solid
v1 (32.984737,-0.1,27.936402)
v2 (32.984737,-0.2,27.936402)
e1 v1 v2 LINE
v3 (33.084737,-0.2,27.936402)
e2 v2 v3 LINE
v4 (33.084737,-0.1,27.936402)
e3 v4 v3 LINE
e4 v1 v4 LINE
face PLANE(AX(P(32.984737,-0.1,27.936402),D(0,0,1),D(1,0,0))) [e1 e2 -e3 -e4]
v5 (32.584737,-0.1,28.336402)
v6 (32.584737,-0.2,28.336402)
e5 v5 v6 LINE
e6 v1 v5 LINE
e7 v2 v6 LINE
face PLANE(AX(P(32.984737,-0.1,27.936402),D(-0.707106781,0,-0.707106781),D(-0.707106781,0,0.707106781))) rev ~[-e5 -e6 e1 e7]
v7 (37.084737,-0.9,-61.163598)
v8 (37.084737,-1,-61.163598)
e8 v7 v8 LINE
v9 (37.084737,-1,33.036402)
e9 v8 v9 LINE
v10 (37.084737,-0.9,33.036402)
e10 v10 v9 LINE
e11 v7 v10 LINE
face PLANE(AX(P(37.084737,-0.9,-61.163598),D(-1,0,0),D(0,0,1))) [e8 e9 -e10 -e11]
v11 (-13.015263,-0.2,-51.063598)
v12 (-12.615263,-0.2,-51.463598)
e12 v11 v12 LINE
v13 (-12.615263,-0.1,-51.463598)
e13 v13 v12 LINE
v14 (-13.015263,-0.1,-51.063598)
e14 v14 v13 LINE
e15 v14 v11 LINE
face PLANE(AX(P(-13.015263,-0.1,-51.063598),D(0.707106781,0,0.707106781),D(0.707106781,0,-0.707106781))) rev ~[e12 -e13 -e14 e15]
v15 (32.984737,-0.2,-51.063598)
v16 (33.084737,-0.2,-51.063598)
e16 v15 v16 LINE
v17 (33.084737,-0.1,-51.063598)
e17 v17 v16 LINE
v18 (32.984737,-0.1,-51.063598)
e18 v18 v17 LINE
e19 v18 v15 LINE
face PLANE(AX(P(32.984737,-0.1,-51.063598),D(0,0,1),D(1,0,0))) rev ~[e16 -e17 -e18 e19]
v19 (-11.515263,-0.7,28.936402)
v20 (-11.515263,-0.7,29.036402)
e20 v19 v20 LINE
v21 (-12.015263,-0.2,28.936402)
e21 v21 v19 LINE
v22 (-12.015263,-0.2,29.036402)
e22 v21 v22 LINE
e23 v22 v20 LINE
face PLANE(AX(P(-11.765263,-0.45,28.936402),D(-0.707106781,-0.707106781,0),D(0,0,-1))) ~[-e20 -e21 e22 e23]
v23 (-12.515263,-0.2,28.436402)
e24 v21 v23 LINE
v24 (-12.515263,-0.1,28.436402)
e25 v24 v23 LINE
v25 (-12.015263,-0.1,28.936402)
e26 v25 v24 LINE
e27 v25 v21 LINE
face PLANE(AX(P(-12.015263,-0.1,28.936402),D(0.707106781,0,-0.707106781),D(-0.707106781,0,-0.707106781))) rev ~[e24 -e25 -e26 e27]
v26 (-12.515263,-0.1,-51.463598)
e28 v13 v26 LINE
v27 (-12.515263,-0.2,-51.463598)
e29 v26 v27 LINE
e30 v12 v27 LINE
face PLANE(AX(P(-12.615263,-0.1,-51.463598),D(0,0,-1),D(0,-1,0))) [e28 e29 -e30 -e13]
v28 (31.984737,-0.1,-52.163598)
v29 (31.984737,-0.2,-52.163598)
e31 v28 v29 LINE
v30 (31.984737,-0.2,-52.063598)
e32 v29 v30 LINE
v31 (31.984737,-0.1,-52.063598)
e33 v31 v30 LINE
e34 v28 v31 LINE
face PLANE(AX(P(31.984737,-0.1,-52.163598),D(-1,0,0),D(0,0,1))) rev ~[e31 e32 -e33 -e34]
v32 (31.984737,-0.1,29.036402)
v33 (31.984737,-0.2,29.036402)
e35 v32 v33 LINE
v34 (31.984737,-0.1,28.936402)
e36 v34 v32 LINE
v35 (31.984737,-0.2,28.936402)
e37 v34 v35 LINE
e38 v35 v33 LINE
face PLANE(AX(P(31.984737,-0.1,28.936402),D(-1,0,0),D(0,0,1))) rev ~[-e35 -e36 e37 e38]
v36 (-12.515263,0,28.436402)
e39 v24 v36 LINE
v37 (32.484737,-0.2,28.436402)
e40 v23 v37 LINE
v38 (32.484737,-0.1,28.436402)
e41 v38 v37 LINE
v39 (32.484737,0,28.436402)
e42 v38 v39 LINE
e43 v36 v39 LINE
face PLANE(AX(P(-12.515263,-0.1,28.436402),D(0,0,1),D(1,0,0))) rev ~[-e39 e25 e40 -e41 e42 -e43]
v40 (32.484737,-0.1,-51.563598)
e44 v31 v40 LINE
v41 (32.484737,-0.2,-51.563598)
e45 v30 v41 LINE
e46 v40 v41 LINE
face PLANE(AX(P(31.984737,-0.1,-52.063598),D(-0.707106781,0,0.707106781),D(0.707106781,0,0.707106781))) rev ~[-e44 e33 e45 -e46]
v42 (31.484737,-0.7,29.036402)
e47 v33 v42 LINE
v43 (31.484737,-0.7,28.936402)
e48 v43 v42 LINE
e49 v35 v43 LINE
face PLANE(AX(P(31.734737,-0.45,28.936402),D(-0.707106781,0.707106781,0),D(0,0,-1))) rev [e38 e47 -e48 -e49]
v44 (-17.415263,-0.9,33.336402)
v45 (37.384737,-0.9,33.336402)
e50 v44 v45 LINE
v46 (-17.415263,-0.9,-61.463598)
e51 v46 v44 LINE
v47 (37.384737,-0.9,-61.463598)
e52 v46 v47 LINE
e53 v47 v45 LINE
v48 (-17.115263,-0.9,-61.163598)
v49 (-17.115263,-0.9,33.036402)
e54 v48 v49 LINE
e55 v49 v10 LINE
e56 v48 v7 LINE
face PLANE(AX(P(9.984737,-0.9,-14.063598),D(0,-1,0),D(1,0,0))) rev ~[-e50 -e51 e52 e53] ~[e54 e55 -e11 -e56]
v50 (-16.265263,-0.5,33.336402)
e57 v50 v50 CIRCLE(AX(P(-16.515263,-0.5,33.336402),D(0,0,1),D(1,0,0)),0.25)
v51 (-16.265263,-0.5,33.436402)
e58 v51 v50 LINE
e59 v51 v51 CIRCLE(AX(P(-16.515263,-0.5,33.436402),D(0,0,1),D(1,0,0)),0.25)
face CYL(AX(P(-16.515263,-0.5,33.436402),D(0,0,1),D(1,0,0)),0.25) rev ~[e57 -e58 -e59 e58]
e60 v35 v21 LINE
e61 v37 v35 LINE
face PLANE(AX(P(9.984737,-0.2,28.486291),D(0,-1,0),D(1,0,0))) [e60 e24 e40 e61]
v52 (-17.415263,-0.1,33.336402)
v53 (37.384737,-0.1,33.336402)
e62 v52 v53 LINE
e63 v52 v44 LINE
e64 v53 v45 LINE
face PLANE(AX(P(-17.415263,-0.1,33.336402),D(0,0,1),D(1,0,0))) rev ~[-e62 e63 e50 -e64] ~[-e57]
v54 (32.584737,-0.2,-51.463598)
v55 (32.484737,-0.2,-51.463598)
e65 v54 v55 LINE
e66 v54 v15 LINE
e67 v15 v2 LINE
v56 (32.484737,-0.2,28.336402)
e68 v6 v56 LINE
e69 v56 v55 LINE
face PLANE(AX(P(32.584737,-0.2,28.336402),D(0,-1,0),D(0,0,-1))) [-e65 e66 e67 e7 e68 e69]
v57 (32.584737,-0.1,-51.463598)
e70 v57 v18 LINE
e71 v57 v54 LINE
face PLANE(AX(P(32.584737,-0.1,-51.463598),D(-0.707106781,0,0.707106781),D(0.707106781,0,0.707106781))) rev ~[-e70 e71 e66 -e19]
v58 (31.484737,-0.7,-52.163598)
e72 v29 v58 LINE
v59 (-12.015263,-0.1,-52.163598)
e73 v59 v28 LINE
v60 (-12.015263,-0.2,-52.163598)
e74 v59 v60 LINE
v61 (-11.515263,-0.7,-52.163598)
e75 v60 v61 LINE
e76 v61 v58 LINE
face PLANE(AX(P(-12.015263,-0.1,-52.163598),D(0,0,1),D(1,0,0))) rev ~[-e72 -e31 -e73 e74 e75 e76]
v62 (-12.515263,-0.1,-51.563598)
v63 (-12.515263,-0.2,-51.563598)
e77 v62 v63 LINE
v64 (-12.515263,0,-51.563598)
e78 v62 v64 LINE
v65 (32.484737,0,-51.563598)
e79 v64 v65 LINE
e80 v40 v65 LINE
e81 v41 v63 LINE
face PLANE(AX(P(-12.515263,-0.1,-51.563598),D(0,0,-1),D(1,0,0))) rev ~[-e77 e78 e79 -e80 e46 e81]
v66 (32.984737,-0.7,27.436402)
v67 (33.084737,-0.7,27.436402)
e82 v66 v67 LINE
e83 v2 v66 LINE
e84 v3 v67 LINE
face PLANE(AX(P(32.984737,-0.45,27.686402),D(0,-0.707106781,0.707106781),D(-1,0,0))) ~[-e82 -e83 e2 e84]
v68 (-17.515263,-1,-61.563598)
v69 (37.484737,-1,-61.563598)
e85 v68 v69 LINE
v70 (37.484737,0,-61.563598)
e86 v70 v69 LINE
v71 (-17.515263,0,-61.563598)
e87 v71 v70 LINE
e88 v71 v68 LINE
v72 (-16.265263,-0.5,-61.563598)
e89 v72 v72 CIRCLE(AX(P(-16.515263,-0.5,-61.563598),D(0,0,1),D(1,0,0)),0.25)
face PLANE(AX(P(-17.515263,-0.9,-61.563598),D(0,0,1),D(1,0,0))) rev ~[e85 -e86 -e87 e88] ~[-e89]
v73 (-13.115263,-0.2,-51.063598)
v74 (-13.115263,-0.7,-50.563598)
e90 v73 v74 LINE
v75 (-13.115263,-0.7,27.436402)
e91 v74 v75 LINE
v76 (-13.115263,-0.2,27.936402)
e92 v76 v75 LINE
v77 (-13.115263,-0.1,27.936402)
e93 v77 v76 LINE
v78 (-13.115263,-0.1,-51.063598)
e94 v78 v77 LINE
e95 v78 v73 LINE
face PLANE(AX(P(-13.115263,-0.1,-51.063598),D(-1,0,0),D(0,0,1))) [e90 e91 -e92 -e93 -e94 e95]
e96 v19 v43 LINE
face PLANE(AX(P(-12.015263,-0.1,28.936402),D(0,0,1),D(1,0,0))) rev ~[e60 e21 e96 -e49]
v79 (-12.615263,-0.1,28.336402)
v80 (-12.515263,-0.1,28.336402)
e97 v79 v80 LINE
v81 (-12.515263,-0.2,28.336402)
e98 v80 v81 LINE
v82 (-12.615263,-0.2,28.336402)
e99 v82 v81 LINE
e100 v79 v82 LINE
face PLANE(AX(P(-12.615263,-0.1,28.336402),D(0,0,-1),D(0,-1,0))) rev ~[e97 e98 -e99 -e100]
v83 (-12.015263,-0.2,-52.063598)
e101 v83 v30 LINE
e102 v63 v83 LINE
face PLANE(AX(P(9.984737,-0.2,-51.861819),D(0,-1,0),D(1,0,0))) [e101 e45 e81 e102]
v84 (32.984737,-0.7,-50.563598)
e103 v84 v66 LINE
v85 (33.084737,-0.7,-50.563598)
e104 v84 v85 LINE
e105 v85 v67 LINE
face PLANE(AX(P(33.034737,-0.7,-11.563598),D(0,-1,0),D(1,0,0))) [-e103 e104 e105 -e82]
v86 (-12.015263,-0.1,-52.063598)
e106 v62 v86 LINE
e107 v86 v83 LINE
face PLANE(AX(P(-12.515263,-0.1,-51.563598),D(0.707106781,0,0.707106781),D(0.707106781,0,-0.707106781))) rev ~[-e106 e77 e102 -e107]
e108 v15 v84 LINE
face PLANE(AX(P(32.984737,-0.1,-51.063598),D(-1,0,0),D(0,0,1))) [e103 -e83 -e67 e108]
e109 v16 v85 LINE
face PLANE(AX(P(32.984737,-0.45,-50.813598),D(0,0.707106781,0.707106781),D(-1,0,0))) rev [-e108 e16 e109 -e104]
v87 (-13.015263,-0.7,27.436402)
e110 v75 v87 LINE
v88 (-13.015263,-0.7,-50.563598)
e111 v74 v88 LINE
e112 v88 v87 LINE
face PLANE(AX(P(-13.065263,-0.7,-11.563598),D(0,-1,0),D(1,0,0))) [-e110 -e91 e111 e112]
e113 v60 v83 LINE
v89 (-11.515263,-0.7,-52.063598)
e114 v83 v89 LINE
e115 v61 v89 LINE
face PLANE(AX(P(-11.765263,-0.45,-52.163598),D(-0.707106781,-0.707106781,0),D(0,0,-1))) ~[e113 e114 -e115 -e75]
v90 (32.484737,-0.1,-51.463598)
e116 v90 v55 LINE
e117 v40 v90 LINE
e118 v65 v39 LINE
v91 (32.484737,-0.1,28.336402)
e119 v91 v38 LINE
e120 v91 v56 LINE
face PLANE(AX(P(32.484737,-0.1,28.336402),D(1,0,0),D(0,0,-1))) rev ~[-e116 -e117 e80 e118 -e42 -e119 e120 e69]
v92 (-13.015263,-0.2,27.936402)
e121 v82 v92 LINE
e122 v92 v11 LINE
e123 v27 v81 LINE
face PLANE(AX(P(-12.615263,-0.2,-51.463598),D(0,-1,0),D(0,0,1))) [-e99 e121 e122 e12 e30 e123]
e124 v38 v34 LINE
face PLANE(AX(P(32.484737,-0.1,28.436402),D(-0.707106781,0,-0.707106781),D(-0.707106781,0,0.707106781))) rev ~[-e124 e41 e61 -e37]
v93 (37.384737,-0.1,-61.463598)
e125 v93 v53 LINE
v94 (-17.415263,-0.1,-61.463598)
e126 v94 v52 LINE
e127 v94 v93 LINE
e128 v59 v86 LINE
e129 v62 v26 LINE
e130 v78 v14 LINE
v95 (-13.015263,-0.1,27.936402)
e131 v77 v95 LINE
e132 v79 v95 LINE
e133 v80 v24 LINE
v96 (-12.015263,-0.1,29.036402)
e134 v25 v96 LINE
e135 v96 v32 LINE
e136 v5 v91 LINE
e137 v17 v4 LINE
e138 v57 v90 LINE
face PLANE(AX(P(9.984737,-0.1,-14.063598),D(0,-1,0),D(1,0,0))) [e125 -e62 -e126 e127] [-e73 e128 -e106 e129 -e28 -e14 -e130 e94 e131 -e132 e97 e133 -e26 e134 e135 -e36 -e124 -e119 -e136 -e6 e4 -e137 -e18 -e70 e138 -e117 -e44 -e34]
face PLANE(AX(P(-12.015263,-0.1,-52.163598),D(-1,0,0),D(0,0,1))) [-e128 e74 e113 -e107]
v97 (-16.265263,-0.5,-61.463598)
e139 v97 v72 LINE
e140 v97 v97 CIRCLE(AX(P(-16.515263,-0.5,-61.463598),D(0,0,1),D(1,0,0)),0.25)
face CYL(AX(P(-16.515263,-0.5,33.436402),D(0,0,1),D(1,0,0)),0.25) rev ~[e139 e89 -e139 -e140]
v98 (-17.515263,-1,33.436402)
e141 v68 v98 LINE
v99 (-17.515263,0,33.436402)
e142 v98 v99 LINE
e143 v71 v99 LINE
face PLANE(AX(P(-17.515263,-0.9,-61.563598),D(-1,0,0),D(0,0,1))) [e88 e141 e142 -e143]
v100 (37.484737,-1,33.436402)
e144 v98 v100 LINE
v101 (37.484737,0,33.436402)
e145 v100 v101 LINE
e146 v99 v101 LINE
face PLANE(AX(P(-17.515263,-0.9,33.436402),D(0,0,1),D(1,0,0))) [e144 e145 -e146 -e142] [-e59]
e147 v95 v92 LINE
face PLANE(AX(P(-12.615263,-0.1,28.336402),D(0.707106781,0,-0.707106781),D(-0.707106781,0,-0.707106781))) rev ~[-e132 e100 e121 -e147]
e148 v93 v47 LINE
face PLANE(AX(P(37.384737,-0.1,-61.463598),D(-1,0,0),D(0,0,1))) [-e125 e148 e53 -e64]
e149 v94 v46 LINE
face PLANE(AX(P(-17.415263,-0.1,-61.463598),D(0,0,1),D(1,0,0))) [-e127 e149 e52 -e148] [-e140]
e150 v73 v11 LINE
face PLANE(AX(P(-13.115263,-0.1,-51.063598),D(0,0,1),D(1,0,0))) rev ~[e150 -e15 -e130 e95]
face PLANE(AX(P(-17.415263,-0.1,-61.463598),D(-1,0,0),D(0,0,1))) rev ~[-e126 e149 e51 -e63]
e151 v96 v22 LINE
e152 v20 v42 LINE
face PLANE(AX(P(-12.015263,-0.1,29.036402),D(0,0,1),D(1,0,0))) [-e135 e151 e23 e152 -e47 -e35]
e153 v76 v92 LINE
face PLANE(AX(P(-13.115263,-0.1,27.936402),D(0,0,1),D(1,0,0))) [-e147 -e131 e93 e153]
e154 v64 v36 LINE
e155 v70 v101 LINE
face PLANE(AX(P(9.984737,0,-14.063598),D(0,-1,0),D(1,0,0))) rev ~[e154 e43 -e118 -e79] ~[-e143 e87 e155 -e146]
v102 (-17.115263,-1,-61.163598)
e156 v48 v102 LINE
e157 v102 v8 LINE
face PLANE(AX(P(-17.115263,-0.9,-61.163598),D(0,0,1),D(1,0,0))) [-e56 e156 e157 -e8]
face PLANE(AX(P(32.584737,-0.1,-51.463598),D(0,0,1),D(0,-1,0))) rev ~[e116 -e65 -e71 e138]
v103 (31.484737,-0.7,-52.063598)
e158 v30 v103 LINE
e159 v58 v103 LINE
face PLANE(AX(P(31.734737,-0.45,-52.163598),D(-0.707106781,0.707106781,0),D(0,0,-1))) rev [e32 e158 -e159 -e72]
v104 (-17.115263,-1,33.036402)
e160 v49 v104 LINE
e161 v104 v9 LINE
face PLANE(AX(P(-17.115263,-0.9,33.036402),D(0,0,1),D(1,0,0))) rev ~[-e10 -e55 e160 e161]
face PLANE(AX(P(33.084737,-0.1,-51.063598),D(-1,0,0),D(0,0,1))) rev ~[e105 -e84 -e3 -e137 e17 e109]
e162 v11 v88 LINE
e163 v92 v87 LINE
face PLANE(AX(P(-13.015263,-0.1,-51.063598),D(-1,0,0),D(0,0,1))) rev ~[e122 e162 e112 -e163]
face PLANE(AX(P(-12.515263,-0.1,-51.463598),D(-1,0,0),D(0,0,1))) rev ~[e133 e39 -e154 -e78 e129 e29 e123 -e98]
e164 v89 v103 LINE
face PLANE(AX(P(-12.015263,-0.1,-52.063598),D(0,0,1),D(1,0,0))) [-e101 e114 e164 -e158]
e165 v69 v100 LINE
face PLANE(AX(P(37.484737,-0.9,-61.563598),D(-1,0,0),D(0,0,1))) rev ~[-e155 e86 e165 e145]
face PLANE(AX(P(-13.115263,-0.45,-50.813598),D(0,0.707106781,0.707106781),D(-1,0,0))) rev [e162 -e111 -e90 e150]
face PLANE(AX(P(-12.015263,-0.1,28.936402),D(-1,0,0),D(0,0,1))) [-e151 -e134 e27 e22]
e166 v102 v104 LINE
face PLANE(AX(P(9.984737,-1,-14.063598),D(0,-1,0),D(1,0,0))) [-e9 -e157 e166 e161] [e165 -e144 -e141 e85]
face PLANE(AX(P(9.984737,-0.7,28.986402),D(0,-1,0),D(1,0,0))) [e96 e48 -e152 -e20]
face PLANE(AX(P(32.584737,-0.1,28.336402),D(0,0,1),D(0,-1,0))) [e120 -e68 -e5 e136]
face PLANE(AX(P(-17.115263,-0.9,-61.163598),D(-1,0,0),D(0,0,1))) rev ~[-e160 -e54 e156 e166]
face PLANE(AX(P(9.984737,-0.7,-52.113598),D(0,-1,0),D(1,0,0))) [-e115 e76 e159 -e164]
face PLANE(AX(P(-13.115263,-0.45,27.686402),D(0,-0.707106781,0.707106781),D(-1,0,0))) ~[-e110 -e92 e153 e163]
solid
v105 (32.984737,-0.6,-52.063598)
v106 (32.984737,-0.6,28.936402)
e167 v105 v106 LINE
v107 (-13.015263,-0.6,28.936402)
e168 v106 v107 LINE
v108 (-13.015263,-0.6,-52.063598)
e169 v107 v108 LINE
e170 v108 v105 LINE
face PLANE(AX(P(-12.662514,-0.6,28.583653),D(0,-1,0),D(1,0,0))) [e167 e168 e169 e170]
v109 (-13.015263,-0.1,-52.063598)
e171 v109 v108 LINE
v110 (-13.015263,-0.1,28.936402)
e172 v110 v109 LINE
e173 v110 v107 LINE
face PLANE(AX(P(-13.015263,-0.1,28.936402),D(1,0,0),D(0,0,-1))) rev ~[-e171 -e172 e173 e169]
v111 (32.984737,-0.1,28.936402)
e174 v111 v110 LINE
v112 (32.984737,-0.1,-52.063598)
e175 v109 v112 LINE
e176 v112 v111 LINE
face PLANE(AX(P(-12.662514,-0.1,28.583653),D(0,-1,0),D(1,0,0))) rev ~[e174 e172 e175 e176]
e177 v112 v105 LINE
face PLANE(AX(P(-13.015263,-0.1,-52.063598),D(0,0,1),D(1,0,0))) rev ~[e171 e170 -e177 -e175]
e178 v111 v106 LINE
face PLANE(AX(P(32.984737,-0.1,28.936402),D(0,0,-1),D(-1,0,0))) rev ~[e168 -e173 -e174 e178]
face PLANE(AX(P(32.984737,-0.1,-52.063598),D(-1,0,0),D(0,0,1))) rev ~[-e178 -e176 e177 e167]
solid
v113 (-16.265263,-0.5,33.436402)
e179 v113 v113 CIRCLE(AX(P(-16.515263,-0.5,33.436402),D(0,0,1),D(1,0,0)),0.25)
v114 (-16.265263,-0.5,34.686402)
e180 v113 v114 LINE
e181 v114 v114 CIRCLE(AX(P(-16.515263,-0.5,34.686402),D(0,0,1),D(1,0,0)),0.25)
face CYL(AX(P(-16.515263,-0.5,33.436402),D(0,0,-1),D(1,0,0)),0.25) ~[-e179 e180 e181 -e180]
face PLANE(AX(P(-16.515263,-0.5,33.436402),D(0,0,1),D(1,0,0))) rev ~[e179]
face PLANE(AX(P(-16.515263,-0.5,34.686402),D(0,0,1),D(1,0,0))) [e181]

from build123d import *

# Parameters (mm, degrees)
F0_W      = 57
F0_H      = 97
F1_DEPTH  = 0.1
F2_R      = 0.25
F2_W      = 0.7
F2_H      = 0.7
F2_W_2    = 42.3999996498
F2_H_2    = 77.4
F3_DEPTH  = 25
F2_W_3    = 55
F2_H_3    = 95
F2_W_4    = 54.8
F2_H_4    = 94.8
F4_DEPTH  = 0.8
F5_R      = 0.25
F6_DEPTH  = 100
F7_DEPTH  = 25
F8_W      = 55
F8_H      = 95
F8_W_2    = 54.8
F8_H_2    = 94.8
F8_W_3    = 54.2
F8_H_3    = 94.2
F9_DEPTH  = 0.1
F10_W     = 44.9999996498
F10_H     = 80
F10_W_2   = 42.3999996498
F10_H_2   = 77.4
F11_DEPTH = 25
F10_W_3   = 43.9999996498
F10_H_3   = 0.1
F10_W_4   = 0.1
F10_H_4   = 79
F14_DEPTH = 0.6
F15_DEPTH = 0.1
F16_DEPTH = 0.1
F17_DEPTH = 0.1
F18_SIZE  = 0.5
F19_DEPTH = 0.5
F20_DEPTH = 1.25


with BuildPart() as f1:
    # F0 (on Front) → F1 (new body)
    with BuildSketch(Plane.XZ):
        with Locations((9.9847369492, -14.063598156)):
            Rectangle(F0_W, F0_H)
    extrude(amount=F1_DEPTH)

    # F2 (on face) → F3 (cut)
    with BuildSketch(Plane.XZ.offset(0.1)):
        with Locations((-16.5152630508, 33.786401844)):
            Circle(F2_R)
        with Locations((-16.5152630508, -61.913598156)):
            Circle(F2_R)
        with Locations((-17.8652630508, -61.913598156)):
            Rectangle(F2_W, F2_H)
        Polygon((-18.2152630508, -62.263598156), (-18.2152630508, -61.563598156), (-18.5152630508, -61.563598156), (-18.5152630508, -62.563598156), (-17.5152630508, -62.563598156), (-17.5152630508, -62.263598156), align=None)
        Polygon((-18.2152630508, 33.436401844), (-18.2152630508, 34.136401844), (-17.5152630508, 34.136401844), (-17.5152630508, 34.436401844), (-18.5152630508, 34.436401844), (-18.5152630508, 33.436401844), align=None)
        with Locations((-17.8652630508, 33.786401844)):
            Rectangle(F2_W, F2_H)
        Polygon((37.4847369492, 34.436401844), (37.4847369492, 34.136401844), (38.1847369492, 34.136401844), (38.1847369492, 33.436401844), (38.4847369492, 33.436401844), (38.4847369492, 34.436401844), align=None)
        with Locations((37.8347369492, 33.786401844)):
            Rectangle(F2_W, F2_H)
        Polygon((38.4847369492, -61.563598156), (38.1847369492, -61.563598156), (38.1847369492, -62.263598156), (37.4847369492, -62.263598156), (37.4847369492, -62.563598156), (38.4847369492, -62.563598156), align=None)
        with Locations((37.8347369492, -61.913598156)):
            Rectangle(F2_W, F2_H)
        with Locations((9.9847371243, -11.563598156)):
            Rectangle(F2_W_2, F2_H_2)
    extrude(amount=-F3_DEPTH, mode=Mode.SUBTRACT)

    # F2 (on face) → F4 (join)
    with BuildSketch(Plane.XZ.offset(0.1)):
        with Locations((9.9847369492, -14.063598156)):
            Rectangle(F2_W_3, F2_H_3)
        with Locations((9.9847369492, -14.063598156)):
            Rectangle(F2_W_4, F2_H_4, mode=Mode.SUBTRACT)
    extrude(amount=F4_DEPTH)

    # F5 (on face) → F6 (cut)
    with BuildSketch(Plane.XY.offset(33.436401844)):
        with Locations((-16.5152630508, -0.5)):
            Circle(F5_R)
    extrude(amount=-F6_DEPTH, mode=Mode.SUBTRACT)

    # F7 (cut): faces of the model
    f7_faces = [f1.faces().sort_by_distance(p)[0] for p in [
        (-18.0152630508, -0.1, -14.063598156),
        (10.0796806763, -0.1, 33.9369392613),
        (37.9847369492, -0.1, -14.063598156),
        (10.0796806763, -0.1, -62.0641355733),
    ]]
    extrude(f7_faces, amount=-F7_DEPTH, mode=Mode.SUBTRACT)

    # F8 (on face) → F9 (join)
    with BuildSketch(Plane.XZ.offset(0.9)):
        with Locations((9.9847369492, -14.063598156)):
            Rectangle(F8_W, F8_H)
        with Locations((9.9847369492, -14.063598156)):
            Rectangle(F8_W_2, F8_H_2, mode=Mode.SUBTRACT)
        with Locations((9.9847369492, -14.063598156)):
            Rectangle(F8_W_2, F8_H_2)
        with Locations((9.9847369492, -14.063598156)):
            Rectangle(F8_W_3, F8_H_3, mode=Mode.SUBTRACT)
    extrude(amount=F9_DEPTH)

    # F10 (on face) → F11 (cut)
    with BuildSketch(Plane.XZ.offset(0.1)):
        with Locations((9.9847371243, -11.563598156)):
            Rectangle(F10_W, F10_H)
        with Locations((9.9847371243, -11.563598156)):
            Rectangle(F10_W_2, F10_H_2, mode=Mode.SUBTRACT)
    extrude(amount=-F11_DEPTH, mode=Mode.SUBTRACT)

    # F10 (on face) → F14 (join)
    with BuildSketch(Plane.XZ.offset(0.1)):
        with Locations((9.9847371243, -52.113598156)):
            Rectangle(F10_W_3, F10_H_3)
        with Locations((33.0347369492, -11.563598156)):
            Rectangle(F10_W_4, F10_H_4)
        with Locations((-13.0652627006, -11.563598156)):
            Rectangle(F10_W_4, F10_H_4)
        with Locations((9.9847371243, 28.986401844)):
            Rectangle(F10_W_3, F10_H_3)
    extrude(amount=F14_DEPTH)

    # F10 (on face) → F15 (join)
    with BuildSketch(Plane.XZ.offset(0.1)):
        Polygon((-12.4152627006, 28.536401844), (-12.5152627006, 28.436401844), (32.4847369492, 28.436401844), (32.3847369492, 28.536401844), align=None)
        Polygon((-12.0152627006, 28.936401844), (-12.4152627006, 28.536401844), (32.3847369492, 28.536401844), (31.9847369492, 28.936401844), align=None)
        Polygon((32.9847369492, 27.936401844), (32.5847369492, 28.336401844), (32.5847369492, -51.463598156), (32.9847369492, -51.063598156), align=None)
        Polygon((-12.6152627006, -51.463598156), (-12.6152627006, 28.336401844), (-13.0152627006, 27.936401844), (-13.0152627006, -51.063598156), align=None)
        Polygon((32.3847369492, -51.663598156), (-12.4152627006, -51.663598156), (-12.0152627006, -52.063598156), (31.9847369492, -52.063598156), align=None)
        Polygon((32.4847369492, -51.563598156), (-12.5152627006, -51.563598156), (-12.4152627006, -51.663598156), (32.3847369492, -51.663598156), align=None)
    extrude(amount=F15_DEPTH)

    # F16 (add): a face of the model
    f16_faces = [f1.faces().sort_by_distance(p)[0] for p in [
        (-12.6152627006, -0.15, -11.563598156),
    ]]
    extrude(f16_faces, amount=F16_DEPTH)

    # F17 (add): a face of the model
    f17_faces = [f1.faces().sort_by_distance(p)[0] for p in [
        (32.5847369492, -0.15, -11.563598156),
    ]]
    extrude(f17_faces, amount=F17_DEPTH)

    # F18
    f18_edges = [f1.edges().sort_by_distance(p)[0] for p in [
        (33.034737, -0.7, -51.063598),
        (31.984737, -0.7, -52.113598),
        (-13.065263, -0.7, -51.063598),
        (-12.015263, -0.7, -52.113598),
        (-12.015263, -0.7, 28.986402),
        (-13.065263, -0.7, 27.936402),
        (31.984737, -0.7, 28.986402),
        (33.034737, -0.7, 27.936402),
    ]]
    chamfer(f18_edges, length=F18_SIZE)


with BuildPart() as f19:
    # F10 (on face) → F19 (new body)
    with BuildSketch(Plane.XZ.offset(0.1)):
        Polygon((-12.6152627006, 28.536401844), (-12.4152627006, 28.536401844), (-12.0152627006, 28.936401844), (-13.0152627006, 28.936401844), (-13.0152627006, 27.936401844), (-12.6152627006, 28.336401844), align=None)
        Polygon((-12.6152627006, 28.336401844), (-12.5152627006, 28.436401844), (-12.4152627006, 28.536401844), (-12.6152627006, 28.536401844), align=None)
        Polygon((-12.0152627006, 28.936401844), (-12.4152627006, 28.536401844), (32.3847369492, 28.536401844), (31.9847369492, 28.936401844), align=None)
        Polygon((-12.6152627006, -51.463598156), (-12.6152627006, 28.336401844), (-13.0152627006, 27.936401844), (-13.0152627006, -51.063598156), align=None)
        Polygon((-12.4152627006, 28.536401844), (-12.5152627006, 28.436401844), (32.4847369492, 28.436401844), (32.3847369492, 28.536401844), align=None)
        Polygon((-12.5152627006, -51.563598156), (-12.5152627006, 28.436401844), (-12.6152627006, 28.336401844), (-12.6152627006, -51.463598156), align=None)
        with Locations((9.9847371243, -11.563598156)):
            Rectangle(F10_W, F10_H)
        with Locations((9.9847371243, -11.563598156)):
            Rectangle(F10_W_2, F10_H_2, mode=Mode.SUBTRACT)
        with Locations((9.9847371243, -11.563598156)):
            Rectangle(F10_W_2, F10_H_2)
        Polygon((31.9847369492, 28.936401844), (32.3847369492, 28.536401844), (32.5847369492, 28.536401844), (32.5847369492, 28.336401844), (32.9847369492, 27.936401844), (32.9847369492, 28.936401844), align=None)
        Polygon((32.3847369492, 28.536401844), (32.4847369492, 28.436401844), (32.5847369492, 28.336401844), (32.5847369492, 28.536401844), align=None)
        Polygon((32.5847369492, 28.336401844), (32.4847369492, 28.436401844), (32.4847369492, -51.563598156), (32.5847369492, -51.463598156), align=None)
        Polygon((32.9847369492, 27.936401844), (32.5847369492, 28.336401844), (32.5847369492, -51.463598156), (32.9847369492, -51.063598156), align=None)
        Polygon((32.5847369492, -51.463598156), (32.4847369492, -51.563598156), (32.3847369492, -51.663598156), (32.5847369492, -51.663598156), align=None)
        Polygon((32.5847369492, -51.663598156), (32.3847369492, -51.663598156), (31.9847369492, -52.063598156), (32.9847369492, -52.063598156), (32.9847369492, -51.063598156), (32.5847369492, -51.463598156), align=None)
        Polygon((32.4847369492, -51.563598156), (-12.5152627006, -51.563598156), (-12.4152627006, -51.663598156), (32.3847369492, -51.663598156), align=None)
        Polygon((32.3847369492, -51.663598156), (-12.4152627006, -51.663598156), (-12.0152627006, -52.063598156), (31.9847369492, -52.063598156), align=None)
        Polygon((-12.4152627006, -51.663598156), (-12.5152627006, -51.563598156), (-12.6152627006, -51.463598156), (-12.6152627006, -51.663598156), align=None)
        Polygon((-12.6152627006, -51.663598156), (-12.6152627006, -51.463598156), (-13.0152627006, -51.063598156), (-13.0152627006, -52.063598156), (-12.0152627006, -52.063598156), (-12.4152627006, -51.663598156), align=None)
    extrude(amount=F19_DEPTH)


with BuildPart() as f20:
    # F5 (on face) → F20 (new body)
    with BuildSketch(Plane.XY.offset(33.436401844)):
        with Locations((-16.5152630508, -0.5)):
            Circle(F5_R)
    extrude(amount=F20_DEPTH)


solid = Compound([f1.part, f19.part, f20.part])
